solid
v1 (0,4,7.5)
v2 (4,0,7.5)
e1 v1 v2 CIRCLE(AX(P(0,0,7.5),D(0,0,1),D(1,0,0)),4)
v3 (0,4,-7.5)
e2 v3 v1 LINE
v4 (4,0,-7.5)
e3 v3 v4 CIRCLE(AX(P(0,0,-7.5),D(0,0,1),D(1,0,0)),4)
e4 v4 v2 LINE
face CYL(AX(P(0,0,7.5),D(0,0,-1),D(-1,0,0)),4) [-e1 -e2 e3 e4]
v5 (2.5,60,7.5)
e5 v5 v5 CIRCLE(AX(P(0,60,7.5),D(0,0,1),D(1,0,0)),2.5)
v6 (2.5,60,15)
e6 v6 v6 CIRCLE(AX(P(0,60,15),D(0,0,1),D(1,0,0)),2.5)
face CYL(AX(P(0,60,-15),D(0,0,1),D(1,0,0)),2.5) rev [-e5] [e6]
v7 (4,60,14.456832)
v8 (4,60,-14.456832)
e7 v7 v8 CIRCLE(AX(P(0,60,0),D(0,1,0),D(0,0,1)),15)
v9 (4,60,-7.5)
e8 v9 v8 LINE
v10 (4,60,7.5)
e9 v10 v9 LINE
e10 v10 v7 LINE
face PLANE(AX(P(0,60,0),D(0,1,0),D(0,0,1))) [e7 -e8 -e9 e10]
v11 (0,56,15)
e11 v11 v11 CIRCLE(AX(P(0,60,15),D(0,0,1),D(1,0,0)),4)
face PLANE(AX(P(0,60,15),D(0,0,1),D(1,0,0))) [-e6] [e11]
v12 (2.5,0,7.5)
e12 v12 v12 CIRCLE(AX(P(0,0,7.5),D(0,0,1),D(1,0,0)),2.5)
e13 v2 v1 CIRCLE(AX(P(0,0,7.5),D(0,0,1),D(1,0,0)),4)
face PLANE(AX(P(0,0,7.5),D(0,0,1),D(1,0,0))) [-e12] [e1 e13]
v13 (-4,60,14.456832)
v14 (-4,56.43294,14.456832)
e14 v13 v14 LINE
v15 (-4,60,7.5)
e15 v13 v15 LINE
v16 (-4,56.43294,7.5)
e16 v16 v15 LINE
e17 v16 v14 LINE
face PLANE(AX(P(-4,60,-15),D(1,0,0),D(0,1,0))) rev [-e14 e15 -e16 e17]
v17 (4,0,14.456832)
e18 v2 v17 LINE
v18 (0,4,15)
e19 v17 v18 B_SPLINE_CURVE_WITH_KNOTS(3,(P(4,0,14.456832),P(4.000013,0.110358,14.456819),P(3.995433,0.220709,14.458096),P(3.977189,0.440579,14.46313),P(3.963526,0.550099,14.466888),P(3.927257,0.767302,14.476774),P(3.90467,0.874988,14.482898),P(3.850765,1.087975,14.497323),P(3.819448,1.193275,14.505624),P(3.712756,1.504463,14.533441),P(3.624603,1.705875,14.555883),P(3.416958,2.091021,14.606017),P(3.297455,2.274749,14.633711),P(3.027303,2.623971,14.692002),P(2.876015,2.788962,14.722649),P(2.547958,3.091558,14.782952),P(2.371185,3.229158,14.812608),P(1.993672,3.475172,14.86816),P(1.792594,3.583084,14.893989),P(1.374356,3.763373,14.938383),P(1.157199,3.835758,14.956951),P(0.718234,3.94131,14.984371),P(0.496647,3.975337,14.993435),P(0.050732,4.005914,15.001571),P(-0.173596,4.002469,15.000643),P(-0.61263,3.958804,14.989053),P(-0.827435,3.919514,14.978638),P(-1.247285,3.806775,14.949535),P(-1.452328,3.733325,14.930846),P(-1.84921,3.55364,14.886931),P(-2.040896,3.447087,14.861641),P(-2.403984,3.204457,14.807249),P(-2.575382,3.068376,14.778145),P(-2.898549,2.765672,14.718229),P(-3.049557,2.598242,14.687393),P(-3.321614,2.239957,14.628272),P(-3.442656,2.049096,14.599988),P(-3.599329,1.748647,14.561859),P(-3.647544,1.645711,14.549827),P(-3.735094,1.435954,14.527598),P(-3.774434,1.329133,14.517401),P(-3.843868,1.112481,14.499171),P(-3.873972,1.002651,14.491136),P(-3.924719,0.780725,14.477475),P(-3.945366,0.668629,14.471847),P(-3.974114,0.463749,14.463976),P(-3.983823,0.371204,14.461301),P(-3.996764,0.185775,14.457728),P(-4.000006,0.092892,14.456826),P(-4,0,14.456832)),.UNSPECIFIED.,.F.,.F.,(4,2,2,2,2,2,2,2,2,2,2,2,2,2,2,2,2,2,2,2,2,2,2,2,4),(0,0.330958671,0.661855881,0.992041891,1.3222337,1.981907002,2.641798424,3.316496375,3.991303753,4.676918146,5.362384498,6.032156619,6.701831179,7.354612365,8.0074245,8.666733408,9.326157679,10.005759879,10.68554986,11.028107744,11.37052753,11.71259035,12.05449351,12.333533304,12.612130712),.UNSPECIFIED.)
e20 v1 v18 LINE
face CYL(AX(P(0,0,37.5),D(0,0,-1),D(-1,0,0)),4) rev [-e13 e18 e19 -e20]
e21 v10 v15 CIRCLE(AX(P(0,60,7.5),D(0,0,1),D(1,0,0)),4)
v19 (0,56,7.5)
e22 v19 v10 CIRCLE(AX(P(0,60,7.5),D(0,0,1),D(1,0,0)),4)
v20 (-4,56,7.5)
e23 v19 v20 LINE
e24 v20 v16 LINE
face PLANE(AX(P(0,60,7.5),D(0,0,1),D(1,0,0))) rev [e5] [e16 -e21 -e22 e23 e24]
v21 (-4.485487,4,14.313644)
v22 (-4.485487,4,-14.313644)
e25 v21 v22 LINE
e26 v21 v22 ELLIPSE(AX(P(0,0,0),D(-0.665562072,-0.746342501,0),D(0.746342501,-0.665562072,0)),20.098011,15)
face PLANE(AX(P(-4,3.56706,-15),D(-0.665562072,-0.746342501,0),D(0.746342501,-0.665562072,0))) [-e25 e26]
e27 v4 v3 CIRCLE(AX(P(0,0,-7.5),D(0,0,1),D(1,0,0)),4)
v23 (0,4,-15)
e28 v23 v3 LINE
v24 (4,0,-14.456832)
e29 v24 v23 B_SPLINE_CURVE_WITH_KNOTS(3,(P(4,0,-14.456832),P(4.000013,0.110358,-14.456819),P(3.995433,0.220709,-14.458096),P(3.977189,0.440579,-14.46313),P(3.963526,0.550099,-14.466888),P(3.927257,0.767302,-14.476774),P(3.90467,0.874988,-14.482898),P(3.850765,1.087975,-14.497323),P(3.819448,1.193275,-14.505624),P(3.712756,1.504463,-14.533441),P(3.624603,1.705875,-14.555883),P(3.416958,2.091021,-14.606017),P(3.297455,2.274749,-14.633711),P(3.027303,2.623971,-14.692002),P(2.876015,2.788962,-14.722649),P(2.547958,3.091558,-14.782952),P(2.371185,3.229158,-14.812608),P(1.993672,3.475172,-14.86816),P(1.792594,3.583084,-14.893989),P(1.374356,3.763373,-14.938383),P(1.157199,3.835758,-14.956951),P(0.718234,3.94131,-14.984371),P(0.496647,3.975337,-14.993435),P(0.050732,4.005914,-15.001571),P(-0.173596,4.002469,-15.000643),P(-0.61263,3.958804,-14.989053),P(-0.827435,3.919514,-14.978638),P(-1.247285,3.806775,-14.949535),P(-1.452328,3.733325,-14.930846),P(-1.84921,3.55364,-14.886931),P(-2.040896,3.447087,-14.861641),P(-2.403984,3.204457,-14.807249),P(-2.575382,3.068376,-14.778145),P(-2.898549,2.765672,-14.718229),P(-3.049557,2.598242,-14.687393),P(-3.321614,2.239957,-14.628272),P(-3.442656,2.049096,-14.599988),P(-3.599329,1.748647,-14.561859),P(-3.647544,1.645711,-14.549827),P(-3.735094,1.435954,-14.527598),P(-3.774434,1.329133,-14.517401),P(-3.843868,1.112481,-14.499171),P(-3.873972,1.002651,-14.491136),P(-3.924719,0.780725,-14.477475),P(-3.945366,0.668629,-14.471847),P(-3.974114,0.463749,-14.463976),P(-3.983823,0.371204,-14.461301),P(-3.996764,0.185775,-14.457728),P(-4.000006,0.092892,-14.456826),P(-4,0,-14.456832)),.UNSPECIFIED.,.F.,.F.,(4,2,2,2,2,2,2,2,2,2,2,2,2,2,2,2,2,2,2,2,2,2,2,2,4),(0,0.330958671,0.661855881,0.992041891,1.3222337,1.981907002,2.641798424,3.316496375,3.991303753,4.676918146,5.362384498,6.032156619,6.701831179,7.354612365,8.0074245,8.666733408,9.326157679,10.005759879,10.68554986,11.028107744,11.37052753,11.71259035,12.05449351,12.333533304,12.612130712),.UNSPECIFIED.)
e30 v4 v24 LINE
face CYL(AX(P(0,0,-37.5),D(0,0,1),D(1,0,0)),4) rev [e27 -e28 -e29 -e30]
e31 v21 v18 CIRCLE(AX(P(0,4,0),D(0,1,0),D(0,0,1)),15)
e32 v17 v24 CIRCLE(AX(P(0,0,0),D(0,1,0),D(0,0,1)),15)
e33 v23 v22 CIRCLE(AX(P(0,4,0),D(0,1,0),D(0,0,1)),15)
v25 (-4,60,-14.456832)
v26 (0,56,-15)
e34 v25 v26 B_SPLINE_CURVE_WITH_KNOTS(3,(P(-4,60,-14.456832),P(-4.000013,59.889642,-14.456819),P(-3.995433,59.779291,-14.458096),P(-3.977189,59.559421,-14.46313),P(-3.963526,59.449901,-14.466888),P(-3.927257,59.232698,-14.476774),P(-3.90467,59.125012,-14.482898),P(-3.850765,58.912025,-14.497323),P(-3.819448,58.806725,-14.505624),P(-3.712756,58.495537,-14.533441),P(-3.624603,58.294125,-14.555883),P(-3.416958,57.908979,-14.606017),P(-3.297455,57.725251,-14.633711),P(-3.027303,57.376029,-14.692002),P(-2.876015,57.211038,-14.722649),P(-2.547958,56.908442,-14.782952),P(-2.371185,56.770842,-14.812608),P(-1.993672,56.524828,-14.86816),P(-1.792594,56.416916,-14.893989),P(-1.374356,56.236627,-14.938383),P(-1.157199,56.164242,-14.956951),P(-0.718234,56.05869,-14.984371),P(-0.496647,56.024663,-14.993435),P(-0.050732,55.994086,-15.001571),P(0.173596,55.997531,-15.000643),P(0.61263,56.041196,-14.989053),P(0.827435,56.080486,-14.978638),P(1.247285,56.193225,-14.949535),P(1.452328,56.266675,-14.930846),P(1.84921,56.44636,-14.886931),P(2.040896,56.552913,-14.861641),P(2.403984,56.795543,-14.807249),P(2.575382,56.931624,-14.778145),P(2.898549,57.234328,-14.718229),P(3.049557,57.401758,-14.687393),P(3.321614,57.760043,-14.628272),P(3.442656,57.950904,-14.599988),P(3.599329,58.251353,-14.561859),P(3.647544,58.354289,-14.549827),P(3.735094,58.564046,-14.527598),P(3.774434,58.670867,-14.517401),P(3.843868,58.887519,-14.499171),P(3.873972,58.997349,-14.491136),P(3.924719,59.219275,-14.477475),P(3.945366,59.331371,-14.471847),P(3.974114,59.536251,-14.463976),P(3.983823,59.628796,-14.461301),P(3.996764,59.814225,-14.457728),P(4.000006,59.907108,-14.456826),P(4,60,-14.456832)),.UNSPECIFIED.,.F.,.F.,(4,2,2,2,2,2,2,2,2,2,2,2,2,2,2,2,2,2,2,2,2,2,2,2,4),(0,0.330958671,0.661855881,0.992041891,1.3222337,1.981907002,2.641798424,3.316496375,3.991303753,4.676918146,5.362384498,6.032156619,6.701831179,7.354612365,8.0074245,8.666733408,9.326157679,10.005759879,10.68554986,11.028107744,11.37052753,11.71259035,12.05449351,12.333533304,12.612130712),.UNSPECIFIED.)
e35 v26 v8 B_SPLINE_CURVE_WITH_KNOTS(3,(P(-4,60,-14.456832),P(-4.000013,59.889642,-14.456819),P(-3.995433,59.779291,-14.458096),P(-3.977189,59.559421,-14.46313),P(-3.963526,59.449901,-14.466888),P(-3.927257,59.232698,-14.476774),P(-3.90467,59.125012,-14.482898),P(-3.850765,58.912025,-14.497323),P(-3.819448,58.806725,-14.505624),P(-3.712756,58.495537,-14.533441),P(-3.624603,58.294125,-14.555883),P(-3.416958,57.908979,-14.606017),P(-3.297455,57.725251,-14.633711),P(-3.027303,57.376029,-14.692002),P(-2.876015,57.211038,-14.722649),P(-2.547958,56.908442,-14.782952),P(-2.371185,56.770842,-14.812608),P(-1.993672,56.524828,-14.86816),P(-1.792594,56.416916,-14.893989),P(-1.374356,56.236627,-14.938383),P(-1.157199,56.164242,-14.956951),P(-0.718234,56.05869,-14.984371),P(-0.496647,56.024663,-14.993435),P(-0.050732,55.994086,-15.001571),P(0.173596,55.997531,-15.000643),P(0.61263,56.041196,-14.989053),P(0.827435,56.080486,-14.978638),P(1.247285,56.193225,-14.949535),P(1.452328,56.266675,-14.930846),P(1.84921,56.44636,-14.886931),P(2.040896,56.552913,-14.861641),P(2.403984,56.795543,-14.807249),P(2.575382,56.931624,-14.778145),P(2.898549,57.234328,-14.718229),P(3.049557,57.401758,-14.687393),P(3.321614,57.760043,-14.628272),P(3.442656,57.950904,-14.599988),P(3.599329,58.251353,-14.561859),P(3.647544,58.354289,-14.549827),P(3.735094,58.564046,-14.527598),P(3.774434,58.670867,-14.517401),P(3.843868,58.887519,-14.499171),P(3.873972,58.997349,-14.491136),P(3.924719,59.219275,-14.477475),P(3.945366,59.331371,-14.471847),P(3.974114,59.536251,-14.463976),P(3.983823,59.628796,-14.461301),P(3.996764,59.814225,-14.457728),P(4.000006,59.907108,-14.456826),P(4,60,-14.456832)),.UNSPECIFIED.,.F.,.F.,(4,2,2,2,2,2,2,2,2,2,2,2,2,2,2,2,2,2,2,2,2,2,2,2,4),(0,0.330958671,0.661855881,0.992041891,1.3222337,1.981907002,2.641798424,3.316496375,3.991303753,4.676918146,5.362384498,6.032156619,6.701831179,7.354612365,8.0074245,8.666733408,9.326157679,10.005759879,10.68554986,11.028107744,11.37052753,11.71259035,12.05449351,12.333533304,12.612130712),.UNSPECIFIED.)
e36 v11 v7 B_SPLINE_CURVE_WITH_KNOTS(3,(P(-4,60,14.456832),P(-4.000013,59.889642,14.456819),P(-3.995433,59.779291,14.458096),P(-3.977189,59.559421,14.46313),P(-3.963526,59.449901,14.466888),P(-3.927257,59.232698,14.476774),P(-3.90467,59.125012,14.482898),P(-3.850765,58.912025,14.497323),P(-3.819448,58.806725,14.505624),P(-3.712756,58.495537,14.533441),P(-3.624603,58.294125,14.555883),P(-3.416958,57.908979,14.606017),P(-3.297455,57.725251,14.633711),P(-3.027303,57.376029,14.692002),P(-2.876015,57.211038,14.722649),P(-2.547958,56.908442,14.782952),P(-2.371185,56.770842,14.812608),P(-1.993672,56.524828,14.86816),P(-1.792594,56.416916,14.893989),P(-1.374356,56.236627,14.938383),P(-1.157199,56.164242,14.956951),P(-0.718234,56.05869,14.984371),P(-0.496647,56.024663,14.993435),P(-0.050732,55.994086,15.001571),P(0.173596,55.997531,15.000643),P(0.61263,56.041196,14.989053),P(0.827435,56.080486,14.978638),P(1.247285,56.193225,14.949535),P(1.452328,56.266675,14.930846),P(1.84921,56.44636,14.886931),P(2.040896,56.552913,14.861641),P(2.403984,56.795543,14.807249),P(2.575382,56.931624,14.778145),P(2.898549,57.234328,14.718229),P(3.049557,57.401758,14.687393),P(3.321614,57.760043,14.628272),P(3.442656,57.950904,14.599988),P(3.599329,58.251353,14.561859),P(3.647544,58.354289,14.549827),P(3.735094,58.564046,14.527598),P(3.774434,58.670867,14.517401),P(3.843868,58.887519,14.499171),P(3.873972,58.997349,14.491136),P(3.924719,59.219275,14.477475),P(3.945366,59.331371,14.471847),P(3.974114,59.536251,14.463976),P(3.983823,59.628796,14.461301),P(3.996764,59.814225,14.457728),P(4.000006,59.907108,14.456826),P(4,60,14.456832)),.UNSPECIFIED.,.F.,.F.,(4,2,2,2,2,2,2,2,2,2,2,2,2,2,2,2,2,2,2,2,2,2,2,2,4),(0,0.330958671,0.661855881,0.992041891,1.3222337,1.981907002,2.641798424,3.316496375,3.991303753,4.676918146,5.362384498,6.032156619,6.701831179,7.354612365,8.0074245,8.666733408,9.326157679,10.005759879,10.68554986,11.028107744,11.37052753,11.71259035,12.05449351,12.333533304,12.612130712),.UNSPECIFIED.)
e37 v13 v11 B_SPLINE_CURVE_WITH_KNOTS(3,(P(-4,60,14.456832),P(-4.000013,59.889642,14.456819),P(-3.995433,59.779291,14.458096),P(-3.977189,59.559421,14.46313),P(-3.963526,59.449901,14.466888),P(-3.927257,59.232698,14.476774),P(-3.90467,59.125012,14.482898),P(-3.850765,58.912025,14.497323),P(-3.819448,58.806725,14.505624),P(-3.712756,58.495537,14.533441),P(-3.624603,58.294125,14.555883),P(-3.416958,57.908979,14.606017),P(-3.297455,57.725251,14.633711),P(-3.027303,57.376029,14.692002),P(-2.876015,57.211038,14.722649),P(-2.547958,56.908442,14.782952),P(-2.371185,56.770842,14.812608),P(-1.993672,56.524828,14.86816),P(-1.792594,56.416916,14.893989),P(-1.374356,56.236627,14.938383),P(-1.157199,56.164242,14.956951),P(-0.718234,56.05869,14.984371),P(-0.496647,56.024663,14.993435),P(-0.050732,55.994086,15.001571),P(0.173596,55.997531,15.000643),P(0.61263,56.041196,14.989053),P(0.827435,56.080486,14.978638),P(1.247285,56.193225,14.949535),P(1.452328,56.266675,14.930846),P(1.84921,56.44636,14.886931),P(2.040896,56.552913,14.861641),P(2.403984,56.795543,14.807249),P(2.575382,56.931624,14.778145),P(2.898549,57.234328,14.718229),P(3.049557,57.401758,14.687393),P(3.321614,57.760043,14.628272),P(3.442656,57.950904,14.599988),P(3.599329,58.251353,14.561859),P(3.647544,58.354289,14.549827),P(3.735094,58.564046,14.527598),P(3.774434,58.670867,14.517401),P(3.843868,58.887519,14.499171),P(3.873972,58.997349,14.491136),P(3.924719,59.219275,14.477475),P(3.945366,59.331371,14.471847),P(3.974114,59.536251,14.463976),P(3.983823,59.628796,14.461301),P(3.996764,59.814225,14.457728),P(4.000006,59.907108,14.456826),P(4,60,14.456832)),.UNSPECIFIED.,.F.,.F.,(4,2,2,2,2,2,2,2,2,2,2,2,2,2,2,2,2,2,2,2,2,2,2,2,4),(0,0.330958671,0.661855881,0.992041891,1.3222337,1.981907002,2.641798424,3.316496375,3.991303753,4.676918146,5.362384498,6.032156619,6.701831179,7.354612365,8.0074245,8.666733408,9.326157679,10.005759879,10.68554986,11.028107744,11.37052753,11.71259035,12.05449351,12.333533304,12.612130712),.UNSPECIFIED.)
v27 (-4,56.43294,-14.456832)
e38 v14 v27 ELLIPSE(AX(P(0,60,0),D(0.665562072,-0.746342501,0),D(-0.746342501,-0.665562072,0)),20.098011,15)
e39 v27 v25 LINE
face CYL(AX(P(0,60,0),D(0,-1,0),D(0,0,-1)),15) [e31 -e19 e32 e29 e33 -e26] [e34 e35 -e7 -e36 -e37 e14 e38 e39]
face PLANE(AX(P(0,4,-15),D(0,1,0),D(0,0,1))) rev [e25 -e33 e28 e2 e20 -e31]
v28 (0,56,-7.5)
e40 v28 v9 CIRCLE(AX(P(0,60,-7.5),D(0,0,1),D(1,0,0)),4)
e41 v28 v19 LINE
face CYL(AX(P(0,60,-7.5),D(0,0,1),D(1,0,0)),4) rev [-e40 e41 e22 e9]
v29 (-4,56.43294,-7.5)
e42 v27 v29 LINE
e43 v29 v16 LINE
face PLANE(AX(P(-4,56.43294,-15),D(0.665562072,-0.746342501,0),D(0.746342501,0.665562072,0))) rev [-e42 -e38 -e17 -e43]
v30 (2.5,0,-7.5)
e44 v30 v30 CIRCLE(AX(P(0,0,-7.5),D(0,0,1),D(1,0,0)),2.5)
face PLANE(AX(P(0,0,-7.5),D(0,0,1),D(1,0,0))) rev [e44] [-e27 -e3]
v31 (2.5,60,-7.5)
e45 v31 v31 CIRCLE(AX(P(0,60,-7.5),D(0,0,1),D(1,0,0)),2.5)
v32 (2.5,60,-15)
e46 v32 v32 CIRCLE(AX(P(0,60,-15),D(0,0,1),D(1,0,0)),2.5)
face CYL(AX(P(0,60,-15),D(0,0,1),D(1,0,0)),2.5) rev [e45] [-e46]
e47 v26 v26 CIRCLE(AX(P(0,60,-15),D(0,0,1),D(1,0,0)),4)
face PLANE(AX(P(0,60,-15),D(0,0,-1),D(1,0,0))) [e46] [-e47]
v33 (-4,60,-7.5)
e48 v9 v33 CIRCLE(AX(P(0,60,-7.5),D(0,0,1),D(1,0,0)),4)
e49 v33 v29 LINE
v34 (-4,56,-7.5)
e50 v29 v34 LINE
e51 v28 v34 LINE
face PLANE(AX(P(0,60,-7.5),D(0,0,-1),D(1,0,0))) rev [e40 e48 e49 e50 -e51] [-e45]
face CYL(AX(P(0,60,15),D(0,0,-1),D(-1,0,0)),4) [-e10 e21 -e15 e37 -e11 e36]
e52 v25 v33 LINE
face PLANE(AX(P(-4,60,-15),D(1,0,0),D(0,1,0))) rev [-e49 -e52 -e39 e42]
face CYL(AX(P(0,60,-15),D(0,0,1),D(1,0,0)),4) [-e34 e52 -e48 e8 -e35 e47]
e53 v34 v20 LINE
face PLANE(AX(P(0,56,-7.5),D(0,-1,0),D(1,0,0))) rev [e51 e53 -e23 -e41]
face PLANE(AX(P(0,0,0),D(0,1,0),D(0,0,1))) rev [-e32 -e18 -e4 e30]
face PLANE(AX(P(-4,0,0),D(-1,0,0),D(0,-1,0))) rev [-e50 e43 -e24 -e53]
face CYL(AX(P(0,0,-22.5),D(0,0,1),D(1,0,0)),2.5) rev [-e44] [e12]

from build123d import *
from build123d.topology import SkipClean

# Parameters (mm, degrees)
CROQUIS1_R              = 15
SALIENTE_EXTRUIR1_DEPTH = 60
CROQUIS8_R              = 2.5
CORTAR_EXTRUIR2_DEPTH   = 15
SALIENTE_EXTRUIR3_START = 15
CROQUIS9_R              = 4
CROQUIS9_R_2            = 2.5
SALIENTE_EXTRUIR3_DEPTH = 7.5
CROQUIS10_R             = 4
SALIENTE_EXTRUIR4_DEPTH = 7.5
CROQUIS12_R             = 2.5
CORTAR_EXTRUIR4_DEPTH   = 30
CORTAR_EXTRUIR5_START   = 37.5
CROQUIS13_R             = 4
CORTAR_EXTRUIR5_DEPTH   = 30
CORTAR_EXTRUIR6_DEPTH   = 15
CROQUIS14_W             = 15
CROQUIS14_H             = 2.5
CORTAR_EXTRUIR7_DEPTH   = 4
CORTAR_EXTRUIR8_DEPTH   = 15
CROQUIS16_R             = 4
CORTAR_EXTRUIR9_DEPTH   = 7.5
CROQUIS17_W             = 15
CROQUIS17_H             = 4
CORTAR_EXTRUIR10_DEPTH  = 4


with BuildPart() as part:
    # Croquis1 → Saliente-Extruir1 (new body)
    with BuildSketch(Plane(origin=(0, 0, 0), x_dir=(1, 0, 0), z_dir=(0, 1, 0))):
        Circle(CROQUIS1_R)
    extrude(amount=SALIENTE_EXTRUIR1_DEPTH)

    # Croquis8 → Cortar-Extruir2 (cut, symmetric)
    with BuildSketch(Plane.XY):
        with Locations((0, 60)):
            Circle(CROQUIS8_R)
    extrude(amount=CORTAR_EXTRUIR2_DEPTH, both=True, mode=Mode.SUBTRACT)

    # Croquis9 → Saliente-Extruir3 (add)
    with BuildSketch(Plane.XY.offset(SALIENTE_EXTRUIR3_START)):
        with Locations((0, 60)):
            Circle(CROQUIS9_R)
        with Locations((0, 60)):
            Circle(CROQUIS9_R_2, mode=Mode.SUBTRACT)
    saliente_extruir3 = extrude(amount=-SALIENTE_EXTRUIR3_DEPTH)

    # Simetría2: Saliente-Extruir3 across plane
    with SkipClean():  # the faces are left unmerged after this step: merging them gives an invalid solid
        add(saliente_extruir3.mirror(Plane.XY))

    # Croquis10 → Saliente-Extruir4 (add, symmetric)
    with SkipClean():  # the faces are left unmerged after this step: merging them gives an invalid solid
        with BuildSketch(Plane.XY):
            Circle(CROQUIS10_R)
        extrude(amount=SALIENTE_EXTRUIR4_DEPTH, both=True)

    # Croquis12 → Cortar-Extruir4 (cut, symmetric)
    with SkipClean():  # the faces are left unmerged after this step: merging them gives an invalid solid
        with BuildSketch(Plane.XY.offset(7.5)):
            Circle(CROQUIS12_R)
        extrude(amount=CORTAR_EXTRUIR4_DEPTH, both=True, mode=Mode.SUBTRACT)

    # Croquis13 → Cortar-Extruir5 (cut)
    with SkipClean():  # the faces are left unmerged after this step: merging them gives an invalid solid
        with BuildSketch(Plane.XY.offset(CORTAR_EXTRUIR5_START)):
            Circle(CROQUIS13_R)
        cortar_extruir5 = extrude(amount=-CORTAR_EXTRUIR5_DEPTH, mode=Mode.SUBTRACT)

    # Simetría3: Cortar-Extruir5 across plane
    with SkipClean():  # the faces are left unmerged after this step: merging them gives an invalid solid
        add(cortar_extruir5.mirror(Plane.XY), mode=Mode.SUBTRACT)

    # Croquis7 → Cortar-Extruir6 (cut, symmetric)
    with SkipClean():  # the faces are left unmerged after this step: merging them gives an invalid solid
        with BuildSketch(Plane.XY):
            Polygon((-4, 56.432940258), (-15, 46.623525966), (-15, 60), (-4, 60), align=None)
        cortar_extruir6 = extrude(amount=CORTAR_EXTRUIR6_DEPTH, both=True, mode=Mode.SUBTRACT)

    # Croquis14 → Cortar-Extruir7 (cut)
    with SkipClean():  # the faces are left unmerged after this step: merging them gives an invalid solid
        with BuildSketch(Plane.ZY.offset(4)):
            with Locations((0, 58.75)):
                Rectangle(CROQUIS14_W, CROQUIS14_H)
        extrude(amount=-CORTAR_EXTRUIR7_DEPTH, mode=Mode.SUBTRACT)

    # Simetría4: Cortar-Extruir6 across plane
    with SkipClean():  # the faces are left unmerged after this step: merging them gives an invalid solid
        add(cortar_extruir6.mirror(Plane.ZX.offset(30)), mode=Mode.SUBTRACT)

    # Croquis15 → Cortar-Extruir8 (cut, symmetric)
    with SkipClean():  # the faces are left unmerged after this step: merging them gives an invalid solid
        with BuildSketch(Plane.XY):
            with BuildLine():
                Line((0, 4), (-8.002010921, 4))
                Line((-8.002010921, 4), (-8.002010921, -4.658510033))
                Line((-8.002010921, -4.658510033), (0, -4.658510033))
                Line((0, -4.658510033), (0, -4))
                ThreePointArc((0, -4), (-4, 0), (0, 4))
            make_face()
        extrude(amount=CORTAR_EXTRUIR8_DEPTH, both=True, mode=Mode.SUBTRACT)

    # Croquis16 → Cortar-Extruir9 (cut, symmetric)
    with SkipClean():  # the faces are left unmerged after this step: merging them gives an invalid solid
        with BuildSketch(Plane.XY):
            with Locations((0, 60)):
                Circle(CROQUIS16_R)
        extrude(amount=CORTAR_EXTRUIR9_DEPTH, both=True, mode=Mode.SUBTRACT)

    # Croquis17 → Cortar-Extruir10 (cut)
    with SkipClean():  # the faces are left unmerged after this step: merging them gives an invalid solid
        with BuildSketch(Plane.ZY.offset(4)):
            with Locations((0, 58)):
                Rectangle(CROQUIS17_W, CROQUIS17_H)
        extrude(amount=-CORTAR_EXTRUIR10_DEPTH, mode=Mode.SUBTRACT)


solid = part.part
